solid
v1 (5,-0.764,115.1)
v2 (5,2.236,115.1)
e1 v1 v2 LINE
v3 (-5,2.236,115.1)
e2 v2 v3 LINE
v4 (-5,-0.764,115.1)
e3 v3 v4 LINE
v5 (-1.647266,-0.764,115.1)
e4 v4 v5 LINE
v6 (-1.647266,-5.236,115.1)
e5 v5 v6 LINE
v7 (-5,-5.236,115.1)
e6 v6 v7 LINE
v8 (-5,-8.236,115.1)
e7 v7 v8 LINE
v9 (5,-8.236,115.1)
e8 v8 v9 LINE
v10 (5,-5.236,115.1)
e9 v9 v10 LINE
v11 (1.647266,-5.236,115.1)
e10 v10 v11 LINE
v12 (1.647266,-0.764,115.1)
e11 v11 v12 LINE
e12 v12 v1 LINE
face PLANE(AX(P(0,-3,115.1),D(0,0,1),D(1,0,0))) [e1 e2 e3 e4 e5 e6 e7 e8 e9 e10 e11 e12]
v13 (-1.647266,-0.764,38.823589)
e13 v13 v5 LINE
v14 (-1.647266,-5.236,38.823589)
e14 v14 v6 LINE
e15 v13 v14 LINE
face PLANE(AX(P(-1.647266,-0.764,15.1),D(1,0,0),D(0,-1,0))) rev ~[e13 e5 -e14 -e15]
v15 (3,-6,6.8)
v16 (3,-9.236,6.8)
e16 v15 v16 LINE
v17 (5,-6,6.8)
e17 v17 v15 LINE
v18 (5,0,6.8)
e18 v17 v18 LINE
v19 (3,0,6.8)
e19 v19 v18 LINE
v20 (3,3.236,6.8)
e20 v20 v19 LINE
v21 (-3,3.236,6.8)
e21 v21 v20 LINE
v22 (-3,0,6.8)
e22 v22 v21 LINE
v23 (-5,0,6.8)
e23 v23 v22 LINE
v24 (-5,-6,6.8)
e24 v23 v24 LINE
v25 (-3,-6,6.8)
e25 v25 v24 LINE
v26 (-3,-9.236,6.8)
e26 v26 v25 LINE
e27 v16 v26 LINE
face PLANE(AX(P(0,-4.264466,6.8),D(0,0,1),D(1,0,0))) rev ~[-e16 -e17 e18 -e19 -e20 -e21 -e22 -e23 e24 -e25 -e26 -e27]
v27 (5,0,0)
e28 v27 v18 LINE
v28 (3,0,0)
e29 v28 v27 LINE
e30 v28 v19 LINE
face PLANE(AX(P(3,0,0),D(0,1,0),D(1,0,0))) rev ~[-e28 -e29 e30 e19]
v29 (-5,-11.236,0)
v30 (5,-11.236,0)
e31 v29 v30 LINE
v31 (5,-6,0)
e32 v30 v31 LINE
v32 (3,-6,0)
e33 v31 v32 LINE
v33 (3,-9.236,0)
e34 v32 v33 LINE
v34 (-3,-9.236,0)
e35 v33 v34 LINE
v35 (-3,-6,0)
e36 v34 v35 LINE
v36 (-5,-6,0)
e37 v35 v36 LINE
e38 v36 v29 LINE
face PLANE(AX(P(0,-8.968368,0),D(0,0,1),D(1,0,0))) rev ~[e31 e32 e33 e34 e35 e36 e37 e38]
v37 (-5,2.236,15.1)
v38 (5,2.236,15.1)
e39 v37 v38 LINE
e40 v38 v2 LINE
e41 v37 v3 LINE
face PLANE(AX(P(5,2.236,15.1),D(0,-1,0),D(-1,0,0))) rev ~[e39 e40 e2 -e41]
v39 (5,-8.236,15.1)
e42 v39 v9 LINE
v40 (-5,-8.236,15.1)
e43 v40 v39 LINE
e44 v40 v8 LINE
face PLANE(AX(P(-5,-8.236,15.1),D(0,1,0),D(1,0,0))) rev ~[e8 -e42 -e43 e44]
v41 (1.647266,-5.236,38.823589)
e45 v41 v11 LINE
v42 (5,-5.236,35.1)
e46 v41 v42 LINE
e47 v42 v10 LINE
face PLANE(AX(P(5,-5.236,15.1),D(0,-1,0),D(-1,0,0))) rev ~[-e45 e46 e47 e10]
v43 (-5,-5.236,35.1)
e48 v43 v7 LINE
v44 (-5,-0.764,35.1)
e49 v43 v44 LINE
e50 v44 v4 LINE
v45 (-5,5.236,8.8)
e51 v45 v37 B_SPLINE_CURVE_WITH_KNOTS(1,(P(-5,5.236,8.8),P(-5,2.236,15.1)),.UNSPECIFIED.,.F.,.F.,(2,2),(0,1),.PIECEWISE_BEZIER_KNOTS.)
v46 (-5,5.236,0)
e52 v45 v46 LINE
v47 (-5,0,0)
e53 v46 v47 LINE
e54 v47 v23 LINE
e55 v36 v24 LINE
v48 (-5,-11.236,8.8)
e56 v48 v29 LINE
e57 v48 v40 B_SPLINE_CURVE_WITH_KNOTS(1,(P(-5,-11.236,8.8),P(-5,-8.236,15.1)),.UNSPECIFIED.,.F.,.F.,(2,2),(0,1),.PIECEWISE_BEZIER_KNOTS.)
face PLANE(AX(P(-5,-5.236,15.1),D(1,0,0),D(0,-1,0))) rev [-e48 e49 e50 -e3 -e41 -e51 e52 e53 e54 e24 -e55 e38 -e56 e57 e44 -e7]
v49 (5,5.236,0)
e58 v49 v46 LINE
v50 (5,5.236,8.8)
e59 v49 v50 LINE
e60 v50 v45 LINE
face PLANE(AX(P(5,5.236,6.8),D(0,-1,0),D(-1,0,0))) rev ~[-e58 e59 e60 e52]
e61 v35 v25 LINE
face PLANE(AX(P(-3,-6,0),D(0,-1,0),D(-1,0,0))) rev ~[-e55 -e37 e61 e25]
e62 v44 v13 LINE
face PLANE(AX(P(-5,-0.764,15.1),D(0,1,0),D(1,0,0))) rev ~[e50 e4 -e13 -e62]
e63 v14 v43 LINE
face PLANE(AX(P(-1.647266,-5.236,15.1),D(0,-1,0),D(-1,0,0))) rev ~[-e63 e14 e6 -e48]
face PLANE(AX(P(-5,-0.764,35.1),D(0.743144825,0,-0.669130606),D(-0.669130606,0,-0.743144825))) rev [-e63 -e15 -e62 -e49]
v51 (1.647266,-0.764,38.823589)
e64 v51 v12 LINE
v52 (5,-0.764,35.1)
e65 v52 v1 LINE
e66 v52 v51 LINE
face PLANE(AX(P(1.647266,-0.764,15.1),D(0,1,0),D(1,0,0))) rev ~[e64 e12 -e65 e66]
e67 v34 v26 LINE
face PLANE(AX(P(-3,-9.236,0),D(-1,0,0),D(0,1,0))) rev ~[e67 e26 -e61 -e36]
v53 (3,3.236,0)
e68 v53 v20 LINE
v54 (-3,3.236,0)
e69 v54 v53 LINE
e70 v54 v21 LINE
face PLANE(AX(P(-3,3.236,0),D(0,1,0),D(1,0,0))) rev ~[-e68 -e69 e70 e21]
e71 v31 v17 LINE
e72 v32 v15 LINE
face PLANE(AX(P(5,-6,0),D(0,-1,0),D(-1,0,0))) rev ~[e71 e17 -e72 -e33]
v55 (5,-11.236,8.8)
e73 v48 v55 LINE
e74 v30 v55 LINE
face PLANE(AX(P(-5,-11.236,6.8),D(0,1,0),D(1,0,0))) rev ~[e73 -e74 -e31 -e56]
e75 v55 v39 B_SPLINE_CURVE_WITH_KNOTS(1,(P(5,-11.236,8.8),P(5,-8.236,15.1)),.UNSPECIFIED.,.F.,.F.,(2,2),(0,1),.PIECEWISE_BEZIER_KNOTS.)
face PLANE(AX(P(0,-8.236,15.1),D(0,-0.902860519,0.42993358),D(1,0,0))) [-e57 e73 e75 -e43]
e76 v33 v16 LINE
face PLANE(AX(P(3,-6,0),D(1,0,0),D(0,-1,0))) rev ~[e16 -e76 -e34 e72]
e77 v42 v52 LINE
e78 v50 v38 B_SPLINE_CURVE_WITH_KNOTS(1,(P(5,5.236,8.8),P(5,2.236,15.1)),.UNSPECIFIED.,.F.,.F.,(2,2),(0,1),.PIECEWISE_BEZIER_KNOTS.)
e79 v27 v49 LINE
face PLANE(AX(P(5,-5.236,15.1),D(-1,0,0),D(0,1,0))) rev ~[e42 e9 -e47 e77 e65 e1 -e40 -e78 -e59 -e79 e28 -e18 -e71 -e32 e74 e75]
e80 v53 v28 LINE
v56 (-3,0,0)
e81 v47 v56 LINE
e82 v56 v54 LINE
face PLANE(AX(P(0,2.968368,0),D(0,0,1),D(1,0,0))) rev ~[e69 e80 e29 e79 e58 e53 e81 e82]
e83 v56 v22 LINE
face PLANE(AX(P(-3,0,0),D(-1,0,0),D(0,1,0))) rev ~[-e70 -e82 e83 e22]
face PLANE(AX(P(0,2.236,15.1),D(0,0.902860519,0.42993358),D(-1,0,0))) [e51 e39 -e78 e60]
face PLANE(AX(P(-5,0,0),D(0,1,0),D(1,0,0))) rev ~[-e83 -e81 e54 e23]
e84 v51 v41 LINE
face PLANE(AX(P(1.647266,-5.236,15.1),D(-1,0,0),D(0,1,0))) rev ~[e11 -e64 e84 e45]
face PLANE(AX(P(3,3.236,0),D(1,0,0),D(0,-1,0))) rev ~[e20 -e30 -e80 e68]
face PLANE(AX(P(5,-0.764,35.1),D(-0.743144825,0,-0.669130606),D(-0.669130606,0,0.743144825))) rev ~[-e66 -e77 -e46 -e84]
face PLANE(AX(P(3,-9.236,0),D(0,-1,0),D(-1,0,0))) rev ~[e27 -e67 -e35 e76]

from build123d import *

# Parameters (mm, degrees)
F1_DEPTH  = 6.8
F3_DEPTH  = 2
F3_FACE_W = 10
F3_FACE_H = 16.472
F6_W      = 10
F6_H      = 10.472
F9_DEPTH  = 100
F10_W     = 3.3527343459
F10_H     = 4.472
F11_DEPTH = 20
F13_DEPTH = 4.8


with BuildPart() as f1:
    # F0 (on Top) → F1 (new body)
    with BuildSketch(Plane.XY):
        Polygon((-5, 5.236), (-5, 0), (-3, 0), (-3, 3.236), (0, 3.236), (3, 3.236), (3, 0), (5, 0), (5, 5.236), (0, 5.236), align=None)
    extrude(amount=F1_DEPTH)


with BuildPart() as f1b:
    # F0 (on Top) → F1, piece 2 (new body)
    with BuildSketch(Plane.XY):
        Polygon((-3, -6), (-5, -6), (-5, -11.236), (0, -11.236), (5, -11.236), (5, -6), (3, -6), (3, -9.236), (0, -9.236), (-3, -9.236), align=None)
    extrude(amount=F1_DEPTH)


with BuildPart() as f3:
    # F2 (on face) → F3 (new body)
    with BuildSketch(Plane.XY.offset(6.8)):
        Polygon((-3, 0), (-5, 0), (-5, -11.236), (5, -11.236), (5, 0), (3, 0), (3, 3.236), (-3, 3.236), align=None)
        Polygon((5, 5.236), (-5, 5.236), (-5, 0), (-3, 0), (-3, 3.236), (3, 3.236), (3, 0), (5, 0), align=None)
    extrude(amount=F3_DEPTH)


with BuildPart() as f1_1:
    add(f1.part)

    # F4: union F1b, F3
    add(f1b.part)
    add(f3.part)

    # F3_face (on face) → F7 section 0
    with BuildSketch(Plane(origin=(0, -3, 8.8), x_dir=(1, 0, 0), z_dir=(0, 0, 1))):
        Rectangle(F3_FACE_W, F3_FACE_H)
    # F6 (on offset) → F7 section 1
    with BuildSketch(Plane.XY.offset(15.1)):
        with Locations((0, -3)):
            Rectangle(F6_W, F6_H)
    loft()

    # F8 (on face) → F9 (join)
    with BuildSketch(Plane.XY.offset(15.1)):
        Polygon((5, 2.236), (-5, 2.236), (-5, -0.764), (-1.6472656541, -0.764), (-1.6472656541, -5.236), (-5, -5.236), (-5, -8.236), (5, -8.236), (5, -5.236), (1.6472656541, -5.236), (1.6472656541, -0.764), (5, -0.764), align=None)
    extrude(amount=F9_DEPTH)

    # F10 (on face) → F11 (join)
    with BuildSketch(Plane.XY.offset(15.1)):
        with Locations((3.323632827, -3)):
            Rectangle(F10_W, F10_H)
    extrude(amount=F11_DEPTH)

    # F12 (on face) → F13 (join)
    with BuildSketch(Plane.XZ.offset(0.764)):
        Polygon((1.6472656541, 35.1), (5, 35.1), (1.6472656541, 38.8235887235), align=None)
    extrude(amount=F13_DEPTH)

    # F14: F1 across plane


with BuildPart() as f1_2:
    add(f1_1.part)
    add(f1_1.part.mirror(Plane.YZ))


solid = f1_2.part
